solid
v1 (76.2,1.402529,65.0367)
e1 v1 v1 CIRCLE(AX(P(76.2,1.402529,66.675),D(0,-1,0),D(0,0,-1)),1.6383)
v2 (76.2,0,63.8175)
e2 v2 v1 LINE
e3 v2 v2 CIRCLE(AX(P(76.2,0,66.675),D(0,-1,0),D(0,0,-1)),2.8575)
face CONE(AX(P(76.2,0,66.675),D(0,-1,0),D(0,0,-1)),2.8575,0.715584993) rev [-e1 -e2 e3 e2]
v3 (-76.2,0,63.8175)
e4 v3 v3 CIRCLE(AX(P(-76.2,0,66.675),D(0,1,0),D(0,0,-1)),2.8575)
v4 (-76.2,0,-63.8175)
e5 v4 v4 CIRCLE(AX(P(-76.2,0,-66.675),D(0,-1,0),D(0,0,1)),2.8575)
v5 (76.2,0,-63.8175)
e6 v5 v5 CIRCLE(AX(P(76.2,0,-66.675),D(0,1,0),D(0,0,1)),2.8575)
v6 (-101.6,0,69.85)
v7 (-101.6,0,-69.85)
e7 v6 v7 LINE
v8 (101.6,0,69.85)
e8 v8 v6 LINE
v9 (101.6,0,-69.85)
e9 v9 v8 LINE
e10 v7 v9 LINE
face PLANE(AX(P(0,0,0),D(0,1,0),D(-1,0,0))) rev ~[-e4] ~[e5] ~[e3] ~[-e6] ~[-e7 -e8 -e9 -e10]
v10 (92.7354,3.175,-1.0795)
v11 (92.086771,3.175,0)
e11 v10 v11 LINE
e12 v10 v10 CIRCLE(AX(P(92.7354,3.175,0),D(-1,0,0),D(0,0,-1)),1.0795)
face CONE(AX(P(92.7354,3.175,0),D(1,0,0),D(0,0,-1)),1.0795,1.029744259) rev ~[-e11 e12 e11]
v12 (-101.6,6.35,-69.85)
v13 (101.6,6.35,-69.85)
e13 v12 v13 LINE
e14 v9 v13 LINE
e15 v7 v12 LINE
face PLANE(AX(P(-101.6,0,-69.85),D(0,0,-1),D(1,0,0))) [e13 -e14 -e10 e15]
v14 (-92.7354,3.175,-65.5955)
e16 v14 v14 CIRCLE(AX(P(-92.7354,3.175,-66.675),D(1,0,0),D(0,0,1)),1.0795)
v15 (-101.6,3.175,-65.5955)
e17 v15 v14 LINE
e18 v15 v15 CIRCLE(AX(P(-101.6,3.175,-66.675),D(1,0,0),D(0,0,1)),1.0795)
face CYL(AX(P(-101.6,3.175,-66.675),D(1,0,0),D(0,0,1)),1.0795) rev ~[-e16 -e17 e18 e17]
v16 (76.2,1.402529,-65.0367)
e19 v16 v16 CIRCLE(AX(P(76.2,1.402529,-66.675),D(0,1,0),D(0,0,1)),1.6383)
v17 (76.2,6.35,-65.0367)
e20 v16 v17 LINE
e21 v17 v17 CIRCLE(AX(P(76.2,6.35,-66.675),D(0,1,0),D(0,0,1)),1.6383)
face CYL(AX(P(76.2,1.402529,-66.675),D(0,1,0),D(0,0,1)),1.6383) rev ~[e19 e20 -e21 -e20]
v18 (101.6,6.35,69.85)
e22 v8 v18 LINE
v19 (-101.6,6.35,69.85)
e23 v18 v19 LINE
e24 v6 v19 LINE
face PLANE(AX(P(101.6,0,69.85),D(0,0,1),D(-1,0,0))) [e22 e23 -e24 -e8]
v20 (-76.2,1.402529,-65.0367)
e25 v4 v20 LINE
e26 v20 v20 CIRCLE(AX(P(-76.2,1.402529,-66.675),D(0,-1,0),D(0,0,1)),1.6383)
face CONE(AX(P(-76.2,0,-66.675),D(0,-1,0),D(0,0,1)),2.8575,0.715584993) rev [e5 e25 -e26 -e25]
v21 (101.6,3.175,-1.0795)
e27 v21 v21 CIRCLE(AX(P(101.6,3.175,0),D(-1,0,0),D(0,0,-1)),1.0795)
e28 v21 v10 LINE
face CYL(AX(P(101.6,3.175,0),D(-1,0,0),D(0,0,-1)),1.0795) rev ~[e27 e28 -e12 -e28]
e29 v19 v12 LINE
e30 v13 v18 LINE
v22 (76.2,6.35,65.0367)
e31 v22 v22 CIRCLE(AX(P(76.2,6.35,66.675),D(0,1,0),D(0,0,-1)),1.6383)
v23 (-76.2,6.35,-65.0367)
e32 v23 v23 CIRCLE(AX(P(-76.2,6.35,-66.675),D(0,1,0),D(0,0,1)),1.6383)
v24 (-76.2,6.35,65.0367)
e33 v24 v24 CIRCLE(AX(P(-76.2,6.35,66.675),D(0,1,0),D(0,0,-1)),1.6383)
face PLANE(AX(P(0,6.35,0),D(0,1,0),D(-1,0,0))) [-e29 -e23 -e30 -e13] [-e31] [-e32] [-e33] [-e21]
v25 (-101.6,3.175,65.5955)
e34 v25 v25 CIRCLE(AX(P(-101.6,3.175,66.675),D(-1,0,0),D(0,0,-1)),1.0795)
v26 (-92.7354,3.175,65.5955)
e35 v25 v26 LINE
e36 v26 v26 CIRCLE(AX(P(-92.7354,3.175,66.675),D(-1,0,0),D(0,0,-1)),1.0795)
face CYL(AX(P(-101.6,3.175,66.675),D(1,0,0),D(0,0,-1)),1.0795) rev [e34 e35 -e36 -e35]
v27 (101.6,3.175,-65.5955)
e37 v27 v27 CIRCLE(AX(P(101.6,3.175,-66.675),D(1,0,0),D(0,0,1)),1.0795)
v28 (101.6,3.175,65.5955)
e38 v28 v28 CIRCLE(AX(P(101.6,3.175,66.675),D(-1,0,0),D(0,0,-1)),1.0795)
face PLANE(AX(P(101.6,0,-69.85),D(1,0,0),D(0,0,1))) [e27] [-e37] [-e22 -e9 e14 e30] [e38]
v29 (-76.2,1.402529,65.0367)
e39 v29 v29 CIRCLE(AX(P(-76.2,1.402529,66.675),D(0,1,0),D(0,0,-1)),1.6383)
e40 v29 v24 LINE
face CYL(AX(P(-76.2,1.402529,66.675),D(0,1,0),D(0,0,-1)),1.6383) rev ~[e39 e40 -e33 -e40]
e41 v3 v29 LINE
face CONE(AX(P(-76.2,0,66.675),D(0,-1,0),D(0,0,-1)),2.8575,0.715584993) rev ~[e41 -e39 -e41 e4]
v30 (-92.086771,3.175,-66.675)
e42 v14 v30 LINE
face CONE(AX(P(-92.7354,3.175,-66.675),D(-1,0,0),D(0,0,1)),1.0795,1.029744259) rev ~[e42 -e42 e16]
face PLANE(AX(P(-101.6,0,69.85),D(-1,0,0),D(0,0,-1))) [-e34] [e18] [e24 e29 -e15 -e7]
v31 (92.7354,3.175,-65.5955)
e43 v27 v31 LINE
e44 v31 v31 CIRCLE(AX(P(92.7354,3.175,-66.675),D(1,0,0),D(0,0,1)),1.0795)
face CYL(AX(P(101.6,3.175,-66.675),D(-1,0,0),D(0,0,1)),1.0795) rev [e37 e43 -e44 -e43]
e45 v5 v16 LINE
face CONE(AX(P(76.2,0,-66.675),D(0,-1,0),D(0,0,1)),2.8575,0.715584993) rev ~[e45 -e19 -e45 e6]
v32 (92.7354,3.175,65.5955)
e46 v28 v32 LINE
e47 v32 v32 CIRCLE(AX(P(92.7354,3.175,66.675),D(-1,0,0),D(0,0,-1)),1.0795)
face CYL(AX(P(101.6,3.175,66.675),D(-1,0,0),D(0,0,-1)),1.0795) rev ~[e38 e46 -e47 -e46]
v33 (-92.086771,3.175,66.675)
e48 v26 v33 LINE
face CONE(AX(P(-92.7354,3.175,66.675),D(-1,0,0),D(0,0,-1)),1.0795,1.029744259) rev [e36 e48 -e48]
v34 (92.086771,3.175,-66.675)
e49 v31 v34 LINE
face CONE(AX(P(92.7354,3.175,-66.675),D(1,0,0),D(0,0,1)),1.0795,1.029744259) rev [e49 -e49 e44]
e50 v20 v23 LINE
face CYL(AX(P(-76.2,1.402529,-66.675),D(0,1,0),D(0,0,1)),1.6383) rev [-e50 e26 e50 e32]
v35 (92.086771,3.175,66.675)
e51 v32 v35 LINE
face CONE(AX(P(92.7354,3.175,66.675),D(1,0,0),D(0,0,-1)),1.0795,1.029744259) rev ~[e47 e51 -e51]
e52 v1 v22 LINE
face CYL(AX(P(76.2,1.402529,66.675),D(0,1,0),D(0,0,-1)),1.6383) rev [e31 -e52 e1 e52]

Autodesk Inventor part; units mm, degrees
ref_plane "YZ Plane" through (0, 0, 0) normal (1, 0, 0) x (0, 1, 0)
ref_plane "XZ Plane" through (0, 0, 0) normal (0, 1, 0) x (-1, 0, 0)
ref_plane "XY Plane" through (0, 0, 0) normal (0, 0, 1) x (1, 0, 0)
sketch "Sketch1" plane through (0, 0, 0) normal (0, 1, 0) x (-1, 0, 0)
  line L0 (-101.6, 69.85) -> (101.6, 69.85)
  line L1 (101.6, 69.85) -> (101.6, -69.85)
  line L2 (101.6, -69.85) -> (-101.6, -69.85)
  line L3 (-101.6, -69.85) -> (-101.6, 69.85)
  line L4 (-101.6, 69.85) -> (101.6, -69.85) construction
  line L5 (101.6, 69.85) -> (-101.6, -69.85) construction
  point P0 (0, 0)
  dimension "d0" = 203.2
  dimension "d1" = 139.7
extrude "Extrusion1" add sketch "Sketch1" along normal blind 6.35
sketch "Sketch9" plane through (101.6, 0, 69.85) normal (1, 0, 0) x (0, 0, -1)
  line L0 (139.7, 0) -> (0, 0) projected
  line L1 (139.7, 0) -> (139.7, 6.35) projected
  line L2 (0, 6.35) -> (139.7, 6.35) projected
  line L3 (0, 0) -> (0, 6.35) projected
  point P0 (69.85, 0)
  point P1 (3.175, 3.175)
  dimension "d45" = 3.175
  dimension "d46" = 3.175
hole "Hole3" at (101.6, 3.175, 66.675) direction (-1, 0, 0) diameter 2.159 depth 8.8646 tip angle 118
mirror "Mirror5" about plane through (0, 0, 0) normal (0, 0, 1) of "Hole3"
mirror "Mirror6" about plane through (0, 0, 0) normal (1, 0, 0) of "Hole3", "Mirror5"
sketch "Sketch11" plane through (0, 0, 0) normal (0, -1, 0) x (1, 0, 0)
  line L0 (101.6, 69.85) -> (-101.6, 69.85) projected
  line L1 (-101.6, 69.85) -> (-101.6, -69.85) projected
  line L2 (-101.6, -69.85) -> (101.6, -69.85) projected
  line L3 (101.6, -69.85) -> (101.6, 69.85) projected
  point P0 (0, 0)
  point P1 (-76.2, 66.675)
  dimension "d61" = 25.4
  dimension "d62" = 3.175
hole "Hole4" at (-76.2, 0, 66.675) direction (0, 1, 0) diameter 3.2766 end through all countersink diameter 5.715 countersink angle 82 clearance for "Flat Head Machine Screw (82)" size "#4" standard "Ansi Unified Screw Threads"
mirror "Mirror7" about plane through (0, 0, 0) normal (1, 0, 0) of "Hole4"
mirror "Mirror8" about plane through (0, 0, 0) normal (0, 0, 1) of "Hole4", "Mirror7"
sketch "Sketch12" plane through (101.6, 0, 69.85) normal (1, 0, 0) x (0, 0, -1)
  circle A0 centre (136.525, 3.175) radius 1.0795 projected
  circle A1 centre (3.175, 3.175) radius 1.0795 projected
  line L0 (139.7, 0) -> (0, 0) projected
  line L1 (139.7, 0) -> (139.7, 6.35) projected
  line L2 (0, 6.35) -> (139.7, 6.35) projected
  line L3 (0, 0) -> (0, 6.35) projected
  point P0 (69.85, 0)
  point P1 (69.85, 3.175)
  dimension "d70" = 3.175
  dimension "d71" = 69.85
hole "Hole5" at (101.6, 3.175, 0) direction (-1, 0, 0) diameter 2.159 depth 8.8646 tip angle 118
equation "\"d0\" = depth"
equation "\"d1\" = height + 2 * plasticThickness"
equation "\"d2\" = caseThickness"
equation "\"d45\" = 0.5 * caseThickness"
equation "\"d46\" = 0.5 * caseThickness"
equation "\"d61\" = 4 * caseThickness"
equation "\"d62\" = 0.5 * caseThickness"
equation "\"d70\" = 0.5 * caseThickness"
equation "\"d71\" = 0.5 * height + caseThickness"
equation "\"acrylicThickness\" = 9.525"
equation "\"depth\" = 203.2"
equation "\"height\" = 127"
equation "\"fresnelThickness\" = 0.254"
equation "\"focalLength\" = 152.4"
equation "\"centerThickness\" = 1.27"
equation "\"sensorHolderDepth\" = 19.05"
equation "\"internalAcrylicThickness\" = 6.35"
equation "\"frameAcrylicThickness\" = 9.525"
equation "\"width\" = 127"
equation "\"mirrorAngle\" = 2.5deg"
equation "\"detectorWidth\" = 52"
equation "\"detectorHeight\" = 52"
equation "\"mirrorThickness\" = 3.175"
equation "\"ior\" = 1.49"
equation "\"fresnelAngle\" = 90deg"
equation "\"fresnelEffectiveDiameter\" = 152.4"
equation "\"oRingWidth\" = 1.5875"
equation "\"aerogelClearence\" = 3.175"
equation "\"backplaneHoleOffsett\" = 6.35"
equation "\"backplanePCBHeight\" = 76.2"
equation "\"backplanePCBWidth\" = 76.2"
equation "\"backplanePostionOffsett\" = 12.7"
equation "\"moduleSlotClearence\" = 0.79375"
equation "\"plasticThickness\" = 6.35"
equation "\"aerogelHolderDepth\" = 49.022"
equation "\"caseThickness\" = 6.35"
equation "\"alignmantGrooveDepth\" = 1.5875"
equation "\"alignmentGrooveDepth\" = 1.5875"
equation "\"alignmentGrooveClearance\" = 0.1016"
equation "\"frontPanelThickness\" = 1.5875"
equation "\"fresnelGrooveWidth\" = 1.778"
properties part number "leftSide" material "Aluminum 6061"
